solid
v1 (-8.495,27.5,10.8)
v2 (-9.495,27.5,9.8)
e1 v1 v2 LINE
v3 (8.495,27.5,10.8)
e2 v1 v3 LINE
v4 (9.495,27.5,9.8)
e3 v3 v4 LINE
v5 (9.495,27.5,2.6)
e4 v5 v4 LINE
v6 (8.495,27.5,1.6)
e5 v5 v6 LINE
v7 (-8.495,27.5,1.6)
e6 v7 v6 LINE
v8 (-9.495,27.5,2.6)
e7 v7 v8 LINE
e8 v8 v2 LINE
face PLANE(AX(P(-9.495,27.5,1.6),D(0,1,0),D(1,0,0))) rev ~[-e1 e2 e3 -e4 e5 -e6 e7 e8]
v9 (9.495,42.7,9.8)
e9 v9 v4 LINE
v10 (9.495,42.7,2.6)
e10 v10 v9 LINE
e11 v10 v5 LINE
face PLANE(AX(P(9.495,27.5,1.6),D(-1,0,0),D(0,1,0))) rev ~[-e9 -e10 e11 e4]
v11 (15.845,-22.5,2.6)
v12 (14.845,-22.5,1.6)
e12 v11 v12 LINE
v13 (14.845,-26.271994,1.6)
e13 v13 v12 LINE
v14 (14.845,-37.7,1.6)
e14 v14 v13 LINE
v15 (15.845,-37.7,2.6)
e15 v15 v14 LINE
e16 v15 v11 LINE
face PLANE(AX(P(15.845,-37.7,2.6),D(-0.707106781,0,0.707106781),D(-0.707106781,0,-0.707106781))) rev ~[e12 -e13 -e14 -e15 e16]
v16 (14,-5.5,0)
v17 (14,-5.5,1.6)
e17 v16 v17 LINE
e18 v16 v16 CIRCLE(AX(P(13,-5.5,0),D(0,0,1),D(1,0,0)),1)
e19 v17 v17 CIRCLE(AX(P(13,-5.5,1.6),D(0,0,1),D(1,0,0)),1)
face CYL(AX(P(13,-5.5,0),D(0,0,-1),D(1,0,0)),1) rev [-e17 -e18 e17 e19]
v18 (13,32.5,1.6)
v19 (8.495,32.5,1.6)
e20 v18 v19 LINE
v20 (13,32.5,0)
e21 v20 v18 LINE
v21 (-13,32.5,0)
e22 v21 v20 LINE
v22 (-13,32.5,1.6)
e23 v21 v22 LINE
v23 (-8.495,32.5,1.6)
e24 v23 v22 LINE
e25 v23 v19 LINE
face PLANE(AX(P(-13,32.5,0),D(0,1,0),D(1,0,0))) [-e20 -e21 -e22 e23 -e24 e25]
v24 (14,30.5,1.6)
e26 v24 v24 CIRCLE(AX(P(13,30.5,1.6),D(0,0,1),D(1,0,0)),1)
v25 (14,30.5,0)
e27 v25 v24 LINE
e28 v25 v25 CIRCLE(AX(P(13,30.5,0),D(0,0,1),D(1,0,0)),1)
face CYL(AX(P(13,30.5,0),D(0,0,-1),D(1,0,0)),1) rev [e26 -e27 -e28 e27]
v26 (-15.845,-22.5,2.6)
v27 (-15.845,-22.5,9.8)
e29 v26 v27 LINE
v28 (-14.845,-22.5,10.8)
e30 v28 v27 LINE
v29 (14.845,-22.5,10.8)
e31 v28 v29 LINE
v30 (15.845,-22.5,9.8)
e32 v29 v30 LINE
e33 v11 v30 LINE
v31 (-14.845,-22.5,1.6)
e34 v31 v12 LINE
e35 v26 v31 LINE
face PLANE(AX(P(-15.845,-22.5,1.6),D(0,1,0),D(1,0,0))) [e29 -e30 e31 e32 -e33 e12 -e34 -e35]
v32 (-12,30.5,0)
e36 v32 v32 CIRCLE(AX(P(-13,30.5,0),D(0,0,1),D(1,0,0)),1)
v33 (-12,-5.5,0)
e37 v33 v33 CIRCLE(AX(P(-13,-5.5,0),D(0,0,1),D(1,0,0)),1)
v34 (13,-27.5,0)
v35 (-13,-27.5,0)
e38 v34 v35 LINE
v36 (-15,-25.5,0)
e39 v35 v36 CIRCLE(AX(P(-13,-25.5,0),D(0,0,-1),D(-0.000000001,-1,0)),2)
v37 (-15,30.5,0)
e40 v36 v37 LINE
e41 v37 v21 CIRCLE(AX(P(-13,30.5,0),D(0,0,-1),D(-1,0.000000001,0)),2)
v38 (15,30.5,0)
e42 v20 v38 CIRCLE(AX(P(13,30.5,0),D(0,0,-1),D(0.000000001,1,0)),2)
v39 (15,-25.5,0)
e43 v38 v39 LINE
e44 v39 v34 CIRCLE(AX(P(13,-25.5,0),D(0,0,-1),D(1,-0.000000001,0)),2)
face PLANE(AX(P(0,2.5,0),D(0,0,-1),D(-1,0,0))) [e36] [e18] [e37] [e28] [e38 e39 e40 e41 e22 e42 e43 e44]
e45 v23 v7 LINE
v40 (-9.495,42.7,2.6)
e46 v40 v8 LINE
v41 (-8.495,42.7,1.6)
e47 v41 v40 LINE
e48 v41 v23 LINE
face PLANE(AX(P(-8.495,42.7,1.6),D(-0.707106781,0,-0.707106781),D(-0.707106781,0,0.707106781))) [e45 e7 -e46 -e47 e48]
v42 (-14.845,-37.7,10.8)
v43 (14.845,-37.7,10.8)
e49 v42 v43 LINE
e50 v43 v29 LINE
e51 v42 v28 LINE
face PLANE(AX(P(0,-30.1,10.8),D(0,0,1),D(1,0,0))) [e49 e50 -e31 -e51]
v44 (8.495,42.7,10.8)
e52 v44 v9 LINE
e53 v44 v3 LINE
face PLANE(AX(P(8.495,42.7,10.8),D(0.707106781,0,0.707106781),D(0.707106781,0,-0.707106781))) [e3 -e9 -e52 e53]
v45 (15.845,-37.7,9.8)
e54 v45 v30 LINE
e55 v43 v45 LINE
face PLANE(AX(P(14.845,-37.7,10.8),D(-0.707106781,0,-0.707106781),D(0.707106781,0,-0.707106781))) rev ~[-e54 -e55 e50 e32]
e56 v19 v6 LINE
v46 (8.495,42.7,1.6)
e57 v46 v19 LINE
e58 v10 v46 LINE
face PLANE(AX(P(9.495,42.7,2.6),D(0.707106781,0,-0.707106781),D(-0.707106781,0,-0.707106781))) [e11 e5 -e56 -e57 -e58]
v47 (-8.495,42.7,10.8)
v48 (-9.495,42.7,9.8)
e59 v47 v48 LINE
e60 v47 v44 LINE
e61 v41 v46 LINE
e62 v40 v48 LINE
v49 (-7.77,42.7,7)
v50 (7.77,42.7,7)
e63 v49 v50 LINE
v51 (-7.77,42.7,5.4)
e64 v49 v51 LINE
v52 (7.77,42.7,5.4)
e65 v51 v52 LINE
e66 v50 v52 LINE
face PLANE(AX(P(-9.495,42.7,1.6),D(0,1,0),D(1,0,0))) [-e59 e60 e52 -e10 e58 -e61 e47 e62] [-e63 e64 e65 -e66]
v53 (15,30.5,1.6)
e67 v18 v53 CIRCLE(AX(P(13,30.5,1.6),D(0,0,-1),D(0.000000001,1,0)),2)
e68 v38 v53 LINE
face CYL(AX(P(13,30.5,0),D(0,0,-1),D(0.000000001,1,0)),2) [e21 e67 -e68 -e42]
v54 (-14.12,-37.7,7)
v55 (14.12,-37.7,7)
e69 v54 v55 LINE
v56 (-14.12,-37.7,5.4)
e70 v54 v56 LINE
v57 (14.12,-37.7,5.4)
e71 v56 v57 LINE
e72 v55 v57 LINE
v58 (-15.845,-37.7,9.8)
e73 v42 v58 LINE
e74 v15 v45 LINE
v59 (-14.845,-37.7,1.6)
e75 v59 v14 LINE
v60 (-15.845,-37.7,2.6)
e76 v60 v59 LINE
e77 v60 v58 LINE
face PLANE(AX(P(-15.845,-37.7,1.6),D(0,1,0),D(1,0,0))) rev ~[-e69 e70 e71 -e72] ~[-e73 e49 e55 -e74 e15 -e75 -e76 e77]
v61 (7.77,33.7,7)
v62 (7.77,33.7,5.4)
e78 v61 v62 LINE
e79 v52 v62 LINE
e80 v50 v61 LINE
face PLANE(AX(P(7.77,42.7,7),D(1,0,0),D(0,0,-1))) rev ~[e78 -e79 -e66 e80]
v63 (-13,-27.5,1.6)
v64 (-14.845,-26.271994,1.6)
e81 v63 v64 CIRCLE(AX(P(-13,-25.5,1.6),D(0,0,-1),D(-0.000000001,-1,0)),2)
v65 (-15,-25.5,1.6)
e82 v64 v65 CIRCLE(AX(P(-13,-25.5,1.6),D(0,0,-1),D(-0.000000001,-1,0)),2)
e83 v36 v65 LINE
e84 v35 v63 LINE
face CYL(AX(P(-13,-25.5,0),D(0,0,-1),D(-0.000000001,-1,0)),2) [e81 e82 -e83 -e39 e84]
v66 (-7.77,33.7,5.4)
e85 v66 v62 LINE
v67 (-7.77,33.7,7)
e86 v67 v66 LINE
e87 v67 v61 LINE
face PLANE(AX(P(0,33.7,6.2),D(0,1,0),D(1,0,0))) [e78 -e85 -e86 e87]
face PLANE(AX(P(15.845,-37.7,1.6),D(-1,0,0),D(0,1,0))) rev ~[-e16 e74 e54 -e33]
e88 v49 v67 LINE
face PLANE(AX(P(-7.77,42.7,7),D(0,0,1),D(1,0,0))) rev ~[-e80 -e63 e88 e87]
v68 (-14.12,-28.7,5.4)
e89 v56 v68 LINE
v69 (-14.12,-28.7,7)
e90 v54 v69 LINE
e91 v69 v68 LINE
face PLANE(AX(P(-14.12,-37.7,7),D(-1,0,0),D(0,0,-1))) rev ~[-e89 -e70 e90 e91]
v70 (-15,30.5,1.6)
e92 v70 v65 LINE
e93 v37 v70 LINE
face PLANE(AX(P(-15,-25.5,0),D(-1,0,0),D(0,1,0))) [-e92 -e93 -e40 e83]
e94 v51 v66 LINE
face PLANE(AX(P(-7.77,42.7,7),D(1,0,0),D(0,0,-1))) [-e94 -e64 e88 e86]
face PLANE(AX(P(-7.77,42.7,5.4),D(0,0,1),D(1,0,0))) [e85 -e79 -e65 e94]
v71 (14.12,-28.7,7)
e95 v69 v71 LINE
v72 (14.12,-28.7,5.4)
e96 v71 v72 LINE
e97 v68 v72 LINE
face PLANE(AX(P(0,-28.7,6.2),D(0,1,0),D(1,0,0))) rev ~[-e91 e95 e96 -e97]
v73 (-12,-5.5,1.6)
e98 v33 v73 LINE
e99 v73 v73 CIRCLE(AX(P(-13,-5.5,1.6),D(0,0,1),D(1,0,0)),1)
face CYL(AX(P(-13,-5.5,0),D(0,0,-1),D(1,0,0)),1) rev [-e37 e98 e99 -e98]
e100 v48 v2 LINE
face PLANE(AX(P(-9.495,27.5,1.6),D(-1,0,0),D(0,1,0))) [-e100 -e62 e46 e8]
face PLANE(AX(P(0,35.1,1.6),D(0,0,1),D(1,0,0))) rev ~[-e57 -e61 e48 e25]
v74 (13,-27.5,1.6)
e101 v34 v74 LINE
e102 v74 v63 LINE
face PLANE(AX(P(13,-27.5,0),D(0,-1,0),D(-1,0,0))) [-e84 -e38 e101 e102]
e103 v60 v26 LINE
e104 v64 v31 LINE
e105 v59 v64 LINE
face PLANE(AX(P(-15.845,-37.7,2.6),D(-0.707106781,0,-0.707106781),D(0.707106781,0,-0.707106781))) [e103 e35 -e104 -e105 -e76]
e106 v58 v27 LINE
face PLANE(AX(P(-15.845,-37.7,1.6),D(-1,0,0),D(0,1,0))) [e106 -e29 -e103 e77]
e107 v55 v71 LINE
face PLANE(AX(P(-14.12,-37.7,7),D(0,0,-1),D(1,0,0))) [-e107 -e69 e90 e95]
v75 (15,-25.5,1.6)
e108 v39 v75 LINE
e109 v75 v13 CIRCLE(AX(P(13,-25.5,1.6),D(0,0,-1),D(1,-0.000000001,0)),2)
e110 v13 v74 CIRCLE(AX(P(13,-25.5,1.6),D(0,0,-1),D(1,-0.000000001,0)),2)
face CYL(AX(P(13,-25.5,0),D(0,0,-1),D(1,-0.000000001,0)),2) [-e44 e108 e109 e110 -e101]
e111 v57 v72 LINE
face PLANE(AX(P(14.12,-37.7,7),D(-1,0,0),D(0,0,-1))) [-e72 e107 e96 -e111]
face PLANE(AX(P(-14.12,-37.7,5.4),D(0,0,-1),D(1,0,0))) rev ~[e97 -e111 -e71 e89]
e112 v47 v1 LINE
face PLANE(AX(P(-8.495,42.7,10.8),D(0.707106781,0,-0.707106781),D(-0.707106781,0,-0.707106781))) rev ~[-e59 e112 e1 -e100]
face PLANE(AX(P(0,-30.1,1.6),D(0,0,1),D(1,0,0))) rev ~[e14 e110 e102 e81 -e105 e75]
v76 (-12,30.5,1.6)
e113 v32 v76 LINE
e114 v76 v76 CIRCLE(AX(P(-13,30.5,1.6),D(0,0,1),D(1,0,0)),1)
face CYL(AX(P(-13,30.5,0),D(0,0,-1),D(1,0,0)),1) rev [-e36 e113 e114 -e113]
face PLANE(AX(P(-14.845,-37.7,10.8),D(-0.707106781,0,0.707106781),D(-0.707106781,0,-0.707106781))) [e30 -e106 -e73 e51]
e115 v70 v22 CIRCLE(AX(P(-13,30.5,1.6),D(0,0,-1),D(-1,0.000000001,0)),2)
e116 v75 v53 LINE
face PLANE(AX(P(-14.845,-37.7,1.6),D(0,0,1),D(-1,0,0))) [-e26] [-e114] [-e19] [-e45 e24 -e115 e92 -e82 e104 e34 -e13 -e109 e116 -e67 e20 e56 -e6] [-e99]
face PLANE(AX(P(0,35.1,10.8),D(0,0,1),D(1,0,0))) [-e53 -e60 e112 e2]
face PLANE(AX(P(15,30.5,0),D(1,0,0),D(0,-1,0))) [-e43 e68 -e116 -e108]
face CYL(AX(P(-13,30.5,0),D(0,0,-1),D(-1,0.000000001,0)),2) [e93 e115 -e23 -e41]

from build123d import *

# Parameters (mm, degrees)
SKETCH_1_R          = 1
EXTRUDE_1_DEPTH     = 1.6
SKETCH_2_R          = 1
CUT_EXTRUDE_1_DEPTH = 1.6
EXTRUDE_START       = 1.6
SKETCH_4_W          = 18.99
SKETCH_4_H          = 15.2
EXTRUDE_2_DEPTH     = 9.2
CUT_EXTRUDE_START   = 42.7
CUT_EXTRUDE_2_DEPTH = 15.2
SKETCH_6_W          = 15.54
SKETCH_6_H          = 1.6
CUT_EXTRUDE_3_DEPTH = 9
SKETCH_7_W          = 31.69
SKETCH_7_H          = 15.2
EXTRUDE_3_DEPTH     = 9.2
CUT_EXTRUDE_START_2 = -37.7
SKETCH_9_W          = 28.24
SKETCH_9_H          = 1.6
CUT_EXTRUDE_5_DEPTH = 9
CUT_EXTRUDE_6_DEPTH = 15.2


with BuildPart() as part:
    # 草图1 → 凸台-拉伸1 (new body)
    with BuildSketch(Plane.XY):
        with BuildLine():
            Line((-13, 32.5), (13, 32.5))
            ThreePointArc((13, 32.5), (14.414213562, 31.914213562), (15, 30.5))
            Line((15, 30.5), (15, -25.5))
            ThreePointArc((15, -25.5), (14.414213562, -26.914213562), (13, -27.5))
            Line((13, -27.5), (-13, -27.5))
            ThreePointArc((-13, -27.5), (-14.414213562, -26.914213562), (-15, -25.5))
            Line((-15, -25.5), (-15, 30.5))
            ThreePointArc((-15, 30.5), (-14.414213562, 31.914213562), (-13, 32.5))
        make_face()
        with Locations((-13, 30.5)):
            Circle(SKETCH_1_R, mode=Mode.SUBTRACT)
        with Locations((13, 30.5)):
            Circle(SKETCH_1_R, mode=Mode.SUBTRACT)
    extrude(amount=EXTRUDE_1_DEPTH)

    # 草图2 → 切除-拉伸1 (cut)
    with BuildSketch(Plane.XY):
        with Locations((-13, -5.5)):
            Circle(SKETCH_2_R)
        with Locations((13, -5.5)):
            Circle(SKETCH_2_R)
    extrude(amount=CUT_EXTRUDE_1_DEPTH, mode=Mode.SUBTRACT)

    # 草图4 → 凸台-拉伸2 (add)
    with BuildSketch(Plane.XY.offset(EXTRUDE_START)):
        with Locations((0, 35.1)):
            Rectangle(SKETCH_4_W, SKETCH_4_H)
    extrude(amount=EXTRUDE_2_DEPTH)

    # 草图5 → 切除-拉伸2 (cut)
    with BuildSketch(Plane(origin=(0, 0, 0), x_dir=(1, 0, 0), z_dir=(0, 1, 0)).offset(CUT_EXTRUDE_START)):
        Polygon((-9.495, -10.8), (-8.495, -10.8), (-9.495, -9.8), align=None)
        Polygon((9.495, -10.8), (8.495, -10.8), (9.495, -9.8), align=None)
        Polygon((9.495, -1.6), (9.495, -2.6), (8.495, -1.6), align=None)
        Polygon((-9.495, -1.6), (-8.495, -1.6), (-9.495, -2.6), align=None)
    extrude(amount=-CUT_EXTRUDE_2_DEPTH, mode=Mode.SUBTRACT)

    # 草图6 → 切除-拉伸3 (cut)
    with BuildSketch(Plane(origin=(0, 0, 0), x_dir=(1, 0, 0), z_dir=(0, 1, 0)).offset(CUT_EXTRUDE_START)):
        with Locations((0, -6.2)):
            Rectangle(SKETCH_6_W, SKETCH_6_H)
    extrude(amount=-CUT_EXTRUDE_3_DEPTH, mode=Mode.SUBTRACT)

    # 草图7 → 凸台-拉伸3 (add)
    with BuildSketch(Plane.XY.offset(EXTRUDE_START)):
        with Locations((0, -30.1)):
            Rectangle(SKETCH_7_W, SKETCH_7_H)
    extrude(amount=EXTRUDE_3_DEPTH)

    # 草图9 → 切除-拉伸5 (cut)
    with BuildSketch(Plane(origin=(0, 0, 0), x_dir=(1, 0, 0), z_dir=(0, 1, 0)).offset(CUT_EXTRUDE_START_2)):
        with Locations((0, -6.2)):
            Rectangle(SKETCH_9_W, SKETCH_9_H)
    extrude(amount=CUT_EXTRUDE_5_DEPTH, mode=Mode.SUBTRACT)

    # 草图10 → 切除-拉伸6 (cut)
    with BuildSketch(Plane(origin=(0, 0, 0), x_dir=(1, 0, 0), z_dir=(0, 1, 0)).offset(CUT_EXTRUDE_START_2)):
        Polygon((15.845, -10.8), (14.845, -10.8), (15.845, -9.8), align=None)
        Polygon((-15.845, -10.8), (-14.845, -10.8), (-15.845, -9.8), align=None)
        Polygon((-15.845, -2.6), (-14.845, -1.6), (-15.845, -1.6), align=None)
        Polygon((15.845, -2.6), (14.845, -1.6), (15.845, -1.6), align=None)
    extrude(amount=CUT_EXTRUDE_6_DEPTH, mode=Mode.SUBTRACT)


solid = part.part
